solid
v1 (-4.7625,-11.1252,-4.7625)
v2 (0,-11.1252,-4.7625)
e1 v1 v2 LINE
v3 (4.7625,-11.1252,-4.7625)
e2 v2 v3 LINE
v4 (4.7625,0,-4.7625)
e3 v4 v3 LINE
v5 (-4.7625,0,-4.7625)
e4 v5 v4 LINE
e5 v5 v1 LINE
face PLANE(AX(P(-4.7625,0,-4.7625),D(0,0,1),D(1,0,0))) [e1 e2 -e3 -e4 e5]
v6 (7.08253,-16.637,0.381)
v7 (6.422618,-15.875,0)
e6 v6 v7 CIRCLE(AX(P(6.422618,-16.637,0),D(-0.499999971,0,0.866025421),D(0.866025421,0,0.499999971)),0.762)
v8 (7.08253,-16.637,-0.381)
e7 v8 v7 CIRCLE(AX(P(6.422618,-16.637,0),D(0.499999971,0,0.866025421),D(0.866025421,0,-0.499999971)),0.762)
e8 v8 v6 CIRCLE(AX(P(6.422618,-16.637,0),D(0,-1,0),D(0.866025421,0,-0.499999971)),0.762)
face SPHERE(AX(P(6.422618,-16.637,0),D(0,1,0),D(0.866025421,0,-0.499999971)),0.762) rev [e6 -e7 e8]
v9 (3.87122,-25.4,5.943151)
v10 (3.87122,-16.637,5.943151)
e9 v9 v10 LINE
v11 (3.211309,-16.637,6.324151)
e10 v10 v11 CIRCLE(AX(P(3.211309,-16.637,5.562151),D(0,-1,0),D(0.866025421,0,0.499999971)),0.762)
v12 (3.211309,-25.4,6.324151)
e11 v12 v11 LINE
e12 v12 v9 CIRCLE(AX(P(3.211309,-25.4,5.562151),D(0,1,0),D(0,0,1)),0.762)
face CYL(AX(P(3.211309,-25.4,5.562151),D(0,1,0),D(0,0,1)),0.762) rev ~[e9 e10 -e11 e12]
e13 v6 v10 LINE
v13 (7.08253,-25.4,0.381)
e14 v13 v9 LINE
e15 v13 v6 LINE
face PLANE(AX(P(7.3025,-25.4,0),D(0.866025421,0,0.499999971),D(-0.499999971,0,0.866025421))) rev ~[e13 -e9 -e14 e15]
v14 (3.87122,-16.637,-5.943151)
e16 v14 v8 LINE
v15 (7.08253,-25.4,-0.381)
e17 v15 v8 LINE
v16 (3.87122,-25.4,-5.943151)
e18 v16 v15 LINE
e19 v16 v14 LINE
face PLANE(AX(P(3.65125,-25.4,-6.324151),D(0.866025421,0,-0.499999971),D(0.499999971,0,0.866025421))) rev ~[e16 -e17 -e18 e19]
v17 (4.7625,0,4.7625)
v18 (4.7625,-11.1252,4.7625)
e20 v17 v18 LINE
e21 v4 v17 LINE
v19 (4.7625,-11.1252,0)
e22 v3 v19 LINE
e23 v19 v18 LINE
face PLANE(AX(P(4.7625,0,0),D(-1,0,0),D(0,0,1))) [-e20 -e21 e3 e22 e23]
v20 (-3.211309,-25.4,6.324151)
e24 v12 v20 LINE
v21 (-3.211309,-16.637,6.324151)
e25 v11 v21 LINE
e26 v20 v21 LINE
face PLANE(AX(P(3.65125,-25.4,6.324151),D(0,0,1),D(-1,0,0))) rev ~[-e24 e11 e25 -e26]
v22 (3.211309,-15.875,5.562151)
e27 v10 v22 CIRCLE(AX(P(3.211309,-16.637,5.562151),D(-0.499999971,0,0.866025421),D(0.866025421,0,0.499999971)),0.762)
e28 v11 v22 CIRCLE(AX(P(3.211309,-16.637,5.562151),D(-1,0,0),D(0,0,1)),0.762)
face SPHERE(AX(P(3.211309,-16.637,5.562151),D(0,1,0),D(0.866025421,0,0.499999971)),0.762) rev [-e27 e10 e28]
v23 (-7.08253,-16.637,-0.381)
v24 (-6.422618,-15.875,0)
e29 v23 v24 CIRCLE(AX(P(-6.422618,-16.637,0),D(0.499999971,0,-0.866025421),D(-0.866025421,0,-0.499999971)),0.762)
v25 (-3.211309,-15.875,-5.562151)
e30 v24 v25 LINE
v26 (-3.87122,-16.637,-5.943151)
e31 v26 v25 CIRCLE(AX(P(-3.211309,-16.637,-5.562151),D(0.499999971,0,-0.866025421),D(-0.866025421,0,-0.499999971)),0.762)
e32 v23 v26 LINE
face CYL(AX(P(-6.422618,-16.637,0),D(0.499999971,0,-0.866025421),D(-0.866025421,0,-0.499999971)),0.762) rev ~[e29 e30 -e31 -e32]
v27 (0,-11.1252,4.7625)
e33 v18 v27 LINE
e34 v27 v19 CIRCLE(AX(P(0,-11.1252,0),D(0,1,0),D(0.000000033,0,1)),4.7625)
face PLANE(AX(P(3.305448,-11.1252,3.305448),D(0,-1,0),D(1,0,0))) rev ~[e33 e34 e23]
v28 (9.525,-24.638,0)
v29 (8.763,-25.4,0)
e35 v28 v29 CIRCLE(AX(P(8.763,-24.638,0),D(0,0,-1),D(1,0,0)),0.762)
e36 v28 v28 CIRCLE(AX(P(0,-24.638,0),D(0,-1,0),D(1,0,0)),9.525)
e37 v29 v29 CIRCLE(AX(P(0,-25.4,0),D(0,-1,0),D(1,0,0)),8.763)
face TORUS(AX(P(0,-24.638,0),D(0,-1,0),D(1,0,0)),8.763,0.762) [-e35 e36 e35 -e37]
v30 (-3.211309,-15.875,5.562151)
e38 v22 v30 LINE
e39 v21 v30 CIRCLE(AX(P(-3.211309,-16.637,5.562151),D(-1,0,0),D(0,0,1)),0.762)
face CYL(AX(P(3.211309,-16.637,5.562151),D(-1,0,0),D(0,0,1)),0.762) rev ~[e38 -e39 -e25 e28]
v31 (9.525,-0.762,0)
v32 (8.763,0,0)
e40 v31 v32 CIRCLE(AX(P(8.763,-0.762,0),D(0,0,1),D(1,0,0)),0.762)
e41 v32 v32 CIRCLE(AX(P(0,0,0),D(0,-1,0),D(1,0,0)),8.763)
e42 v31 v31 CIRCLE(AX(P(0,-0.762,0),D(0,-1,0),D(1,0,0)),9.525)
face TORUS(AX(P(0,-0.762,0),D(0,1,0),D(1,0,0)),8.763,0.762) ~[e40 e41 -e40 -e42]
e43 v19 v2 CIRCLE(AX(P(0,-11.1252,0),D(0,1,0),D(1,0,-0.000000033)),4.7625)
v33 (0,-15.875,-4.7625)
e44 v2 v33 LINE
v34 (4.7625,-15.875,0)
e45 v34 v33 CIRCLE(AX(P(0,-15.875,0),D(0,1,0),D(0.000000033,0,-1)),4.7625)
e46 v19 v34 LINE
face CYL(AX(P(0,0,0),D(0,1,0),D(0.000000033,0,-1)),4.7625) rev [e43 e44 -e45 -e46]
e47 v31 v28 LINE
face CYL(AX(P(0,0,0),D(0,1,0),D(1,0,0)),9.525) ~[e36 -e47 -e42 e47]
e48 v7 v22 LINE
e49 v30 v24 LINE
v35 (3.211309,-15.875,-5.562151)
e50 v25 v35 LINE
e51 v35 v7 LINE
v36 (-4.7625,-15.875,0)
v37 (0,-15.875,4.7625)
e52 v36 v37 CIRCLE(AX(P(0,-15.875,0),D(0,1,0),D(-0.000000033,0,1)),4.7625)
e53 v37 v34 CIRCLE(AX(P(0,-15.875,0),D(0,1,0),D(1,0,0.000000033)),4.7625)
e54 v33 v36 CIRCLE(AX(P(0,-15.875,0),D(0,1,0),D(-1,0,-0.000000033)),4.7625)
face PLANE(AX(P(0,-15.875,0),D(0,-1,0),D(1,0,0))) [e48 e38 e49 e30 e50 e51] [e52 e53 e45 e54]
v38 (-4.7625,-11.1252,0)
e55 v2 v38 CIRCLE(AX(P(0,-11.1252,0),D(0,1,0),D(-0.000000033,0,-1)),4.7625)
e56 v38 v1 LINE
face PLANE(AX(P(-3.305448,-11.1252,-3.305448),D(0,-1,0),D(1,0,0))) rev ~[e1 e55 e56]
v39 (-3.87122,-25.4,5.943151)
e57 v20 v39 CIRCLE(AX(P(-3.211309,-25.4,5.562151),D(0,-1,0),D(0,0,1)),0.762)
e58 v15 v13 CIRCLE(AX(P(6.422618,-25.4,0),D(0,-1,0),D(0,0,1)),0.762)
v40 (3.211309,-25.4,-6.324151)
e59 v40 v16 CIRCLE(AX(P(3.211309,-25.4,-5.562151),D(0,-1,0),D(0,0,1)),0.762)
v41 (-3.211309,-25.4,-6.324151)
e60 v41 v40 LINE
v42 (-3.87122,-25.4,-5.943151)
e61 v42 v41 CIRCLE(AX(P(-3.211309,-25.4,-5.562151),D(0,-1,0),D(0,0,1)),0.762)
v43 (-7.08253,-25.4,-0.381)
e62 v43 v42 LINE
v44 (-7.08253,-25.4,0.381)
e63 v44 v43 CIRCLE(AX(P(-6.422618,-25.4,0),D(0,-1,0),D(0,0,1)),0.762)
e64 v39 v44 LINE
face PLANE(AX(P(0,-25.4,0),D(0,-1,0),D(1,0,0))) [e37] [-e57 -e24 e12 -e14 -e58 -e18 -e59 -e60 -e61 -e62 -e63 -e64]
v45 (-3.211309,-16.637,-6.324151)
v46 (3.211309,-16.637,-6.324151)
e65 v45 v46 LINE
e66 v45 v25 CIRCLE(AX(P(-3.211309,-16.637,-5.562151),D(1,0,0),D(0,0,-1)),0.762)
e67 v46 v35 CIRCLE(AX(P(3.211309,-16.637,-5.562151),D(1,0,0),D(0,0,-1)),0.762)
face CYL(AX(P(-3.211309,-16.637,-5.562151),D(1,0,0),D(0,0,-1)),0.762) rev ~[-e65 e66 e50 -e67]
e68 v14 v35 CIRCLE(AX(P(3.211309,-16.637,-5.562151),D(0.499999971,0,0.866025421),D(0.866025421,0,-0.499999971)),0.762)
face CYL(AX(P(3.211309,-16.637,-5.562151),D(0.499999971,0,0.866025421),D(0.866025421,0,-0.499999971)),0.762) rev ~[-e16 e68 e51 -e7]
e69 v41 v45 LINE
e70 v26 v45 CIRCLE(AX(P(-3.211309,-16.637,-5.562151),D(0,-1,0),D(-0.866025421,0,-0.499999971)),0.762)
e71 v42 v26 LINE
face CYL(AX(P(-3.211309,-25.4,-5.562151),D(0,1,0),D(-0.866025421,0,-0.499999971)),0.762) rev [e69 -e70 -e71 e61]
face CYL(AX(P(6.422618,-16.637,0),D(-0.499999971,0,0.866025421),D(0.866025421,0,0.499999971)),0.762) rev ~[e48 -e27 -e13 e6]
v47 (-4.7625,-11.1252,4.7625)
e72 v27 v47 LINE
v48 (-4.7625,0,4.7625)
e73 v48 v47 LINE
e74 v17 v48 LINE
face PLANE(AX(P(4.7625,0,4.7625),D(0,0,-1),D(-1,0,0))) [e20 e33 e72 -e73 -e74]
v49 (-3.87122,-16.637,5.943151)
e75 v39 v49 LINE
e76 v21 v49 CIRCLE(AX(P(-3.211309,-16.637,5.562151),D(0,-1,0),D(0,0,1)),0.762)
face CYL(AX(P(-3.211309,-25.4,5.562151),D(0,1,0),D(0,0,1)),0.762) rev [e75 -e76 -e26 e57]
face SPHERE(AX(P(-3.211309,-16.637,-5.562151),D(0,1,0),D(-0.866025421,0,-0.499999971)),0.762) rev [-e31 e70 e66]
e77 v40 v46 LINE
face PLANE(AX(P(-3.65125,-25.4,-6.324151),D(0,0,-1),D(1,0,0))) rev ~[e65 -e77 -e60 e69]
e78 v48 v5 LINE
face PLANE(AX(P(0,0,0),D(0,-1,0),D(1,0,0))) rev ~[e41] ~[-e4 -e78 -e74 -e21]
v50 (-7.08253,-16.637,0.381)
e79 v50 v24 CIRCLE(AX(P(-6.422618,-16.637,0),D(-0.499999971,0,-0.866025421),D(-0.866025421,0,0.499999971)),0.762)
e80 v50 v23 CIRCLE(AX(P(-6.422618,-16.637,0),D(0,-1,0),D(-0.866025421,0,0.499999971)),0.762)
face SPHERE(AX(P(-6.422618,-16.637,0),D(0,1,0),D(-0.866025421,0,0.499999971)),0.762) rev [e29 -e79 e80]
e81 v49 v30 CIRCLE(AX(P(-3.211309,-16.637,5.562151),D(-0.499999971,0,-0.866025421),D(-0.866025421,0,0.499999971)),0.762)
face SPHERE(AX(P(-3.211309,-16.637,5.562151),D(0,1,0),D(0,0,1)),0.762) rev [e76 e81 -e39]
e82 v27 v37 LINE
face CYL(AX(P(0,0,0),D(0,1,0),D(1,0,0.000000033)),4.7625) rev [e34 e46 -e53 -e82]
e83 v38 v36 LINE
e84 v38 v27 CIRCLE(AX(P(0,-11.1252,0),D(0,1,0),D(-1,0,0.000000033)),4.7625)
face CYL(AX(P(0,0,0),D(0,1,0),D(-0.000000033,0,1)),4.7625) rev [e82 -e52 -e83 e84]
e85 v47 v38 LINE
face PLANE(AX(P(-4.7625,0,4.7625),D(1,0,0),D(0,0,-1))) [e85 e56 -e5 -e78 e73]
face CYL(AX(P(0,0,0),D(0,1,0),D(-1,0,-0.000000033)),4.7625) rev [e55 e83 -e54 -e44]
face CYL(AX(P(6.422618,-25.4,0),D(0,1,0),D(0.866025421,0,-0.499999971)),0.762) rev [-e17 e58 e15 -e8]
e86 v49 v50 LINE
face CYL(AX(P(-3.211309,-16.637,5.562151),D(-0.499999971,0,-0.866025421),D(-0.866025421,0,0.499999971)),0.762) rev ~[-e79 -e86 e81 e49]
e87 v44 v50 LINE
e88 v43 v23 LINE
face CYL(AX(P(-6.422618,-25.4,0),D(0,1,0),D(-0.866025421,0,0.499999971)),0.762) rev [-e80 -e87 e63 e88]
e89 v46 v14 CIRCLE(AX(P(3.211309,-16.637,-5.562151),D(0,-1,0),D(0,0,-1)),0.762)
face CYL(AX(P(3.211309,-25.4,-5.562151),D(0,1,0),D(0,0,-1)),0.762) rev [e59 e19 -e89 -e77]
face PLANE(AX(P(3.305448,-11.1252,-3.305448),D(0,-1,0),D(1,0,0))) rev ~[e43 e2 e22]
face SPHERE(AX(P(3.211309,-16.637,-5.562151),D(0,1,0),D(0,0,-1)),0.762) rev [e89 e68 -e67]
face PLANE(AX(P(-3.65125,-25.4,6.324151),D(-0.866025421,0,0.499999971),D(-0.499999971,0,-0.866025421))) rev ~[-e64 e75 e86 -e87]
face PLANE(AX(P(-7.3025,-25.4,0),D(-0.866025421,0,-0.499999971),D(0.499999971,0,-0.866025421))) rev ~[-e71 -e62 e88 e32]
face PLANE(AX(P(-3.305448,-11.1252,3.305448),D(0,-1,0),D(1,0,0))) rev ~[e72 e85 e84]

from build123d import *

# Parameters (mm, degrees)
F0_R     = 9.525
F1_DEPTH = 25.4
F3_DEPTH = 25.401
F4_DEPTH = 11.1252
F6_DEPTH = 9.525
F7_R     = 0.762
F8_R     = 0.762
F9_R     = 0.762


with BuildPart() as f1:
    # F0 (on Front) → F1 (new body)
    with BuildSketch(Plane.XZ):
        Circle(F0_R)
    extrude(amount=F1_DEPTH)

    # F2 (on Front) → F3 (cut, through all)
    with BuildSketch(Plane.XZ):
        with BuildLine():
            ThreePointArc((4.7625, 0), (3.367596, 3.367596), (0, 4.7625))
            ThreePointArc((0, 4.7625), (-3.367596, 3.367596), (-4.7625, 0))
            ThreePointArc((-4.7625, 0), (-3.367596, -3.367596), (0, -4.7625))
            ThreePointArc((0, -4.7625), (3.367596, -3.367596), (4.7625, 0))
        make_face()
    extrude(amount=F3_DEPTH, mode=Mode.SUBTRACT)

    # F2 (on Front) → F4 (cut)
    with BuildSketch(Plane.XZ):
        with BuildLine():
            Line((0, 4.7625), (-4.7625, 4.7625))
            Line((-4.7625, 4.7625), (-4.7625, 0))
            ThreePointArc((-4.7625, 0), (-3.367596, 3.367596), (0, 4.7625))
        make_face()
        with BuildLine():
            Line((4.7625, 4.7625), (0, 4.7625))
            ThreePointArc((0, 4.7625), (3.367596, 3.367596), (4.7625, 0))
            Line((4.7625, 0), (4.7625, 4.7625))
        make_face()
        with BuildLine():
            ThreePointArc((0, -4.7625), (-3.367596, -3.367596), (-4.7625, 0))
            Line((-4.7625, 0), (-4.7625, -4.7625))
            Line((-4.7625, -4.7625), (0, -4.7625))
        make_face()
        with BuildLine():
            Line((4.7625, -4.7625), (4.7625, 0))
            ThreePointArc((4.7625, 0), (3.367596, -3.367596), (0, -4.7625))
            Line((0, -4.7625), (4.7625, -4.7625))
        make_face()
    extrude(amount=F4_DEPTH, mode=Mode.SUBTRACT)

    # F5 (on face) → F6 (cut)
    with BuildSketch(Plane.XZ.offset(25.4)):
        Polygon((3.65125, 6.324151), (-3.65125, 6.324151), (-7.3025, 0), (-3.65125, -6.324151), (3.65125, -6.324151), (7.3025, 0), align=None)
    extrude(amount=-F6_DEPTH, mode=Mode.SUBTRACT)

    # F7
    f7_edges = [f1.edges().sort_by_distance(p)[0] for p in [
        (-9.525, 0, 0),
        (-9.525, -25.4, 0),
    ]]
    fillet(f7_edges, radius=F7_R)

    # F8
    f8_edges = [f1.edges().sort_by_distance(p)[0] for p in [
        (3.65125, -20.6375, 6.324151),
        (3.65125, -20.6375, -6.324151),
        (-3.65125, -20.6375, -6.324151),
        (-7.3025, -20.6375, 0),
        (-3.65125, -20.6375, 6.324151),
        (7.3025, -20.6375, 0),
    ]]
    fillet(f8_edges, radius=F8_R)

    # F9
    f9_edges = [f1.edges().sort_by_distance(p)[0] for p in [
        (0, -15.875, 6.324151),
    ]]
    fillet(f9_edges, radius=F9_R)


solid = f1.part
